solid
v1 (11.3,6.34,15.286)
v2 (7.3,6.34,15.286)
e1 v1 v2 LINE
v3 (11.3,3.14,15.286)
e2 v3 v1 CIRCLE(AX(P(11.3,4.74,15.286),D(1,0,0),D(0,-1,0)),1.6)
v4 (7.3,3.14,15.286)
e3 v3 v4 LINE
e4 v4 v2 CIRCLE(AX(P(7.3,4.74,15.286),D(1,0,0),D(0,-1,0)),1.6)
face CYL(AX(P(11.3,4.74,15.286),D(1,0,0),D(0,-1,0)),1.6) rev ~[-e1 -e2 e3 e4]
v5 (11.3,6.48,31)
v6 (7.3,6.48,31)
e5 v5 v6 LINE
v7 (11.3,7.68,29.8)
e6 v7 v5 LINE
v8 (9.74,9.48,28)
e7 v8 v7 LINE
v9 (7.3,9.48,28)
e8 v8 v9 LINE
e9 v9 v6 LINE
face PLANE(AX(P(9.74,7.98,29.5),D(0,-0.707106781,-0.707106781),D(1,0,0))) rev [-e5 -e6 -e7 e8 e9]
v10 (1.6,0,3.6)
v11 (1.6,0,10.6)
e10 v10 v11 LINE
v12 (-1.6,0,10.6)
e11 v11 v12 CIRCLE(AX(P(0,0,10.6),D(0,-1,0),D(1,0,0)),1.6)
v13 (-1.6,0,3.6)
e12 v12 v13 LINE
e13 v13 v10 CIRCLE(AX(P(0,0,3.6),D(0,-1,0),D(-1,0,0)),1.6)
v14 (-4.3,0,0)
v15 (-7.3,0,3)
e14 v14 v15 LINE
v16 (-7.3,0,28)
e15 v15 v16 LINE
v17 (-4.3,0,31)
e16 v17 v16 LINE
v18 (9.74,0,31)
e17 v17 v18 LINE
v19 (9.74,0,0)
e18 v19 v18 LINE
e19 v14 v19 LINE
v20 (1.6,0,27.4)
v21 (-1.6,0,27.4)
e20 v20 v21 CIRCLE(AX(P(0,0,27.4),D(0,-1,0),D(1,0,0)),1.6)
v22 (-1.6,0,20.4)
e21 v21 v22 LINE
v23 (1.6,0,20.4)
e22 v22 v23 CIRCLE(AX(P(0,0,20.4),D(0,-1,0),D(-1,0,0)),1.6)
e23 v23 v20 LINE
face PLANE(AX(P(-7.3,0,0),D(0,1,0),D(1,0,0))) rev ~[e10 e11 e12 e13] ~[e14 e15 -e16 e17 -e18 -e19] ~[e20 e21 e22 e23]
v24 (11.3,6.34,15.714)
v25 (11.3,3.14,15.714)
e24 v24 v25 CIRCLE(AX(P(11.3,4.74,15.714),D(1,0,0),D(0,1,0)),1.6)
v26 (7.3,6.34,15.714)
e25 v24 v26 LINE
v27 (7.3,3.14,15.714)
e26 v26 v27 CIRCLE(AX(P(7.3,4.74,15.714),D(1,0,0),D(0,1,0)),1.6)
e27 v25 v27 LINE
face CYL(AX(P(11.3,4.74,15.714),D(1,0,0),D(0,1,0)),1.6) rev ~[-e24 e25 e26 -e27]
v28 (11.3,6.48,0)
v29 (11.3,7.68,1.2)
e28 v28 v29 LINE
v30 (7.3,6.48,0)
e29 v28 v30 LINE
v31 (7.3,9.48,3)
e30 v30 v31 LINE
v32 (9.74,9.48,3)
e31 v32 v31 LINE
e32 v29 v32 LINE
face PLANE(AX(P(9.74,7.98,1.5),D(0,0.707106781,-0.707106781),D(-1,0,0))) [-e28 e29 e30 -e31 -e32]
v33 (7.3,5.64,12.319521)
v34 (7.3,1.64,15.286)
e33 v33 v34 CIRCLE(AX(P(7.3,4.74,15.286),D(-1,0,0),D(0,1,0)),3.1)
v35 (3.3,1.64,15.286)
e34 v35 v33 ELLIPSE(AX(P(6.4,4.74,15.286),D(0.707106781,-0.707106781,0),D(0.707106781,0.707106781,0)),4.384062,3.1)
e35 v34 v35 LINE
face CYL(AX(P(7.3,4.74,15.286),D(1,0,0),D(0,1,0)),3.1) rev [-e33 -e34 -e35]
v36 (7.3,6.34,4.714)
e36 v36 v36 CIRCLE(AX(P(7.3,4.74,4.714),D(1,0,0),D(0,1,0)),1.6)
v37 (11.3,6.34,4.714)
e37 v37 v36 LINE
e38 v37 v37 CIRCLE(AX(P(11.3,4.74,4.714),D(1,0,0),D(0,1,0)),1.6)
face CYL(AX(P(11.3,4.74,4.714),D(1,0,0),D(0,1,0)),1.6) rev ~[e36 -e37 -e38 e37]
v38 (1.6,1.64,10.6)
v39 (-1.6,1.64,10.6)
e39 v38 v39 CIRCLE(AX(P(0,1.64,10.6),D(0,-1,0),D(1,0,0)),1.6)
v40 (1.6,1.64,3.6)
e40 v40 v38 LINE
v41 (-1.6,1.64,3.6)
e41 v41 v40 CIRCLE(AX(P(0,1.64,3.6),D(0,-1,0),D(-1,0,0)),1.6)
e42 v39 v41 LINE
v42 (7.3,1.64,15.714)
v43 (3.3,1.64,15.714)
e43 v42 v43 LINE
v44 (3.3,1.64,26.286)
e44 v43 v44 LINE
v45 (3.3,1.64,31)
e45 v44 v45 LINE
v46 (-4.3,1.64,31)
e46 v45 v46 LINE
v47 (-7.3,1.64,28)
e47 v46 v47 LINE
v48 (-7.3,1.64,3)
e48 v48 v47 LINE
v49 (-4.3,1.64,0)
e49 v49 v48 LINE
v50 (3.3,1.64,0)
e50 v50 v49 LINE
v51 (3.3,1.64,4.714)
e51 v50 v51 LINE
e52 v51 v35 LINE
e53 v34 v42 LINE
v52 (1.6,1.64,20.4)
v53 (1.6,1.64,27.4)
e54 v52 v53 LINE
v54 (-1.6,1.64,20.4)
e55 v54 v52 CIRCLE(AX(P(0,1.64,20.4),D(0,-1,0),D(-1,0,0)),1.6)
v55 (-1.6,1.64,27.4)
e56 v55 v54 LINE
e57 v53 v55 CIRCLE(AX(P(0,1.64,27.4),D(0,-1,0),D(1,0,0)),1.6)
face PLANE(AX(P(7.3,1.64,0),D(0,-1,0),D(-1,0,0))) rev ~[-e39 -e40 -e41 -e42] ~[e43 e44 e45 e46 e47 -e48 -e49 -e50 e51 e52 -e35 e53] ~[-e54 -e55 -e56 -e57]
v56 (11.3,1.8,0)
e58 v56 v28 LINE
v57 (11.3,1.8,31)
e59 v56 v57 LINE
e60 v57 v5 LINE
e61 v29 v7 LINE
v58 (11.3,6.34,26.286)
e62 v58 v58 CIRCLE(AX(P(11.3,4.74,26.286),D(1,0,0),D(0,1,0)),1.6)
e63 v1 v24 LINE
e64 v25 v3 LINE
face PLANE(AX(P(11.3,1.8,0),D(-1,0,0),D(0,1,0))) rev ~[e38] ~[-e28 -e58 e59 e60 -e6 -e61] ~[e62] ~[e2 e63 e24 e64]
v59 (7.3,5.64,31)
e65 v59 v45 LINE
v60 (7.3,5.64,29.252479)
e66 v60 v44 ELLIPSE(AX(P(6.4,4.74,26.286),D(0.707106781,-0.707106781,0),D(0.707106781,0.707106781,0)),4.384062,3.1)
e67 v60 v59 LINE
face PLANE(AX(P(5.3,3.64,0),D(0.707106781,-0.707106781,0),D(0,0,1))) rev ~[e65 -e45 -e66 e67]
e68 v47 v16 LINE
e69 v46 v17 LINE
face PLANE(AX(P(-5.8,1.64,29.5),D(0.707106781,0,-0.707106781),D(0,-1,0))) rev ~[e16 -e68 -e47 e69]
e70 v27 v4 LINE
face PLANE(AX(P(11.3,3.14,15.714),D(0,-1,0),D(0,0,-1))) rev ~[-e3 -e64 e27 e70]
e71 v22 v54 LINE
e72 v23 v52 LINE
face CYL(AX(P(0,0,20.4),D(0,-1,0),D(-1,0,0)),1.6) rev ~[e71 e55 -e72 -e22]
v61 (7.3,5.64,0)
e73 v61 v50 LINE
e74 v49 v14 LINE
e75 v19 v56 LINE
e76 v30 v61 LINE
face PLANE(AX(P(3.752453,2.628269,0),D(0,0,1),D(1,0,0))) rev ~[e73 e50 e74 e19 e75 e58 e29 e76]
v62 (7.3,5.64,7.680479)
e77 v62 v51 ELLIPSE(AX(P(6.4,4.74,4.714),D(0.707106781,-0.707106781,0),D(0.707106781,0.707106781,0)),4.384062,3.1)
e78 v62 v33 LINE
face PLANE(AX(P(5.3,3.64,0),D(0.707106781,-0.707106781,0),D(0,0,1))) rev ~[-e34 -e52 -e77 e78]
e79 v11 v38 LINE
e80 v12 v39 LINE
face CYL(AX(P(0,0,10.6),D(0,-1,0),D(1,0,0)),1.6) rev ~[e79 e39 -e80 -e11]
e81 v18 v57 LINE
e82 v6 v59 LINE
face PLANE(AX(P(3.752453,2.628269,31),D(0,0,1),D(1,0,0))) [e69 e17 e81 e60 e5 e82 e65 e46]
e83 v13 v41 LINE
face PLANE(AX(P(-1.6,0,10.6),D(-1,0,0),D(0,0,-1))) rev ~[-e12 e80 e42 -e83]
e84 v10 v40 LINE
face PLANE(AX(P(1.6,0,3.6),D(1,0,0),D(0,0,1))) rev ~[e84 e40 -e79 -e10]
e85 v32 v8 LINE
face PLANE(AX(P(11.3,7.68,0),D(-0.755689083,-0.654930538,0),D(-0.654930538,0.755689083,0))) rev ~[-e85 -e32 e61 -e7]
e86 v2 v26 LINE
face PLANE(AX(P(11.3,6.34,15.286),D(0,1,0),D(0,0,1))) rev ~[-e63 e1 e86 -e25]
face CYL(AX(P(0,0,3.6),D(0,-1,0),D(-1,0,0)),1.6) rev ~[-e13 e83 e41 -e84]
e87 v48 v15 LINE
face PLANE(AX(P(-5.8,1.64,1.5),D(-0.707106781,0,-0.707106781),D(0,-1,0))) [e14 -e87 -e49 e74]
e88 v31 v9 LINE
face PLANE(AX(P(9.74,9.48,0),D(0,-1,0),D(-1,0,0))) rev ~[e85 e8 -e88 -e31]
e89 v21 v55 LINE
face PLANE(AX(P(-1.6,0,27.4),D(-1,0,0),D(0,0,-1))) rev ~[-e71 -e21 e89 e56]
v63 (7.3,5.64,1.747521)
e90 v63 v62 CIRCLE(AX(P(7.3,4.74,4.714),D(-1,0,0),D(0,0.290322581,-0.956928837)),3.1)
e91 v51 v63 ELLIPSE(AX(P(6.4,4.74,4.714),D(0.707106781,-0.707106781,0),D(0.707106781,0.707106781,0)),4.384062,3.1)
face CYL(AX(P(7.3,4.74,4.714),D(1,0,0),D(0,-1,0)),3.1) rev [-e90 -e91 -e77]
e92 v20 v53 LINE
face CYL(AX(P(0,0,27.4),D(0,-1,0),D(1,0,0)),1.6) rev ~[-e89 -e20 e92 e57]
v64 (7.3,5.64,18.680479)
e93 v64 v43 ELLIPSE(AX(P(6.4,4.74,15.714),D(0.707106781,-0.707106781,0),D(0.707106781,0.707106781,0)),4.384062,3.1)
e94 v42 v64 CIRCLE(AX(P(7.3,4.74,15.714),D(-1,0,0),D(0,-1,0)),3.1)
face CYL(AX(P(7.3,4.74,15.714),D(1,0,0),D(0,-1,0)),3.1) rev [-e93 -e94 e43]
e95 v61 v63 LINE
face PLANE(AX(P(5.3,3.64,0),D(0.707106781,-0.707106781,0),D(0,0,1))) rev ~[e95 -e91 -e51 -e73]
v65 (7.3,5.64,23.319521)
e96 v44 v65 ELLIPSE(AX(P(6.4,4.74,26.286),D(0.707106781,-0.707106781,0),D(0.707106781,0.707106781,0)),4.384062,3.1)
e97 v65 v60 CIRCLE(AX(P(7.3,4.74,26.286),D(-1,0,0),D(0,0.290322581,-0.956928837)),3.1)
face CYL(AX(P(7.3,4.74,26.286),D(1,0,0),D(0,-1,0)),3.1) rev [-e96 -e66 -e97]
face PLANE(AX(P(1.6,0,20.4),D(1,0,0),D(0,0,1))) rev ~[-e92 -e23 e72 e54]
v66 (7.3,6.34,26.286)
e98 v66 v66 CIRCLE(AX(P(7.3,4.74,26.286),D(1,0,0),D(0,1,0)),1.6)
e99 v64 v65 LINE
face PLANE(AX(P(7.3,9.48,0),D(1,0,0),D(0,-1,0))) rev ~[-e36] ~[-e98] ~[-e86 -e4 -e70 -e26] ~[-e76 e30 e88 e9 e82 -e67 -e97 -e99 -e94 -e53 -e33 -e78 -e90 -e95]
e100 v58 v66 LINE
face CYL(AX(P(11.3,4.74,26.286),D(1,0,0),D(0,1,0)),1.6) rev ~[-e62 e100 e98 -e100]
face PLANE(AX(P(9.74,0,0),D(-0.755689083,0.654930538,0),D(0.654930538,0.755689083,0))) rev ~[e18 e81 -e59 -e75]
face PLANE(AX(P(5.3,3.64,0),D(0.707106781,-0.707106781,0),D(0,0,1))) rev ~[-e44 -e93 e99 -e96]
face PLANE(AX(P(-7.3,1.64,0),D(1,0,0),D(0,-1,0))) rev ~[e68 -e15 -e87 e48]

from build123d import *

# Parameters (mm, degrees)
PAD_DEPTH       = 31
CHAMFER_SIZE    = 4
SKETCH001_R     = 1.6
POCKET_DEPTH    = 18.6
SKETCH002_R     = 3.1
POCKET001_DEPTH = 14.6
POCKET002_DEPTH = 9.48
CHAMFER001_SIZE = 3


with BuildPart() as part:
    # Sketch → Pad (new body)
    with BuildSketch(Plane.XY):
        Polygon((-7.3, 1.64), (-7.3, 0), (9.74, 0), (11.3, 1.8), (11.3, 7.68), (9.74, 9.48), (7.3, 9.48), (7.3, 1.64), align=None)
    extrude(amount=PAD_DEPTH)

    # Chamfer
    chamfer_edges = [part.edges().sort_by_distance(p)[0] for p in [
        (7.3, 1.64, 15.5),
    ]]
    chamfer(chamfer_edges, length=CHAMFER_SIZE)

    # Sketch001 (on Face9 of Chamfer) → Pocket (cut)
    with BuildSketch(Plane.YZ.offset(11.3)):
        with Locations((4.74, 26.286)):
            Circle(SKETCH001_R)
        with Locations((4.74, 4.714)):
            Circle(SKETCH001_R)
        with BuildLine():
            ThreePointArc((6.34, 15.714), (4.74, 17.314), (3.14, 15.714))
            Line((3.14, 15.714), (3.14, 15.286))
            ThreePointArc((3.14, 15.286), (4.74, 13.686), (6.34, 15.286))
            Line((6.34, 15.286), (6.34, 15.714))
        make_face()
    extrude(amount=-POCKET_DEPTH, mode=Mode.SUBTRACT)

    # Sketch002 (on Face1 of Pocket) → Pocket001 (cut)
    with BuildSketch(Plane(origin=(7.3, 0, 0), x_dir=(0, -1, 0), z_dir=(-1, 0, 0))):
        with Locations((-4.74, 26.286)):
            Circle(SKETCH002_R)
        with Locations((-4.74, 4.714)):
            Circle(SKETCH002_R)
        with BuildLine():
            ThreePointArc((-1.64, 15.714), (-4.74, 18.814), (-7.84, 15.714))
            Line((-7.84, 15.714), (-7.84, 15.286))
            ThreePointArc((-7.84, 15.286), (-4.74, 12.186), (-1.64, 15.286))
            Line((-1.64, 15.286), (-1.64, 15.714))
        make_face()
    extrude(amount=POCKET001_DEPTH, mode=Mode.SUBTRACT)

    # Sketch003 (on Face33 of Pocket001) → Pocket002 (cut)
    with BuildSketch(Plane.XZ):
        with BuildLine():
            ThreePointArc((1.6, 27.4), (0, 29), (-1.6, 27.4))
            Line((-1.6, 27.4), (-1.6, 20.4))
            ThreePointArc((-1.6, 20.4), (0, 18.8), (1.6, 20.4))
            Line((1.6, 20.4), (1.6, 27.4))
        make_face()
        with BuildLine():
            ThreePointArc((1.6, 10.6), (0, 12.2), (-1.6, 10.6))
            Line((-1.6, 10.6), (-1.6, 3.6))
            ThreePointArc((-1.6, 3.6), (0, 2), (1.6, 3.6))
            Line((1.6, 3.6), (1.6, 10.6))
        make_face()
    extrude(amount=-POCKET002_DEPTH, mode=Mode.SUBTRACT)

    # Chamfer001
    chamfer001_edges = [part.edges().sort_by_distance(p)[0] for p in [
        (8.52, 9.48, 31),
        (8.52, 9.48, 0),
        (-7.3, 0.82, 0),
        (-7.3, 0.82, 31),
    ]]
    chamfer(chamfer001_edges, length=CHAMFER001_SIZE)


solid = part.part
